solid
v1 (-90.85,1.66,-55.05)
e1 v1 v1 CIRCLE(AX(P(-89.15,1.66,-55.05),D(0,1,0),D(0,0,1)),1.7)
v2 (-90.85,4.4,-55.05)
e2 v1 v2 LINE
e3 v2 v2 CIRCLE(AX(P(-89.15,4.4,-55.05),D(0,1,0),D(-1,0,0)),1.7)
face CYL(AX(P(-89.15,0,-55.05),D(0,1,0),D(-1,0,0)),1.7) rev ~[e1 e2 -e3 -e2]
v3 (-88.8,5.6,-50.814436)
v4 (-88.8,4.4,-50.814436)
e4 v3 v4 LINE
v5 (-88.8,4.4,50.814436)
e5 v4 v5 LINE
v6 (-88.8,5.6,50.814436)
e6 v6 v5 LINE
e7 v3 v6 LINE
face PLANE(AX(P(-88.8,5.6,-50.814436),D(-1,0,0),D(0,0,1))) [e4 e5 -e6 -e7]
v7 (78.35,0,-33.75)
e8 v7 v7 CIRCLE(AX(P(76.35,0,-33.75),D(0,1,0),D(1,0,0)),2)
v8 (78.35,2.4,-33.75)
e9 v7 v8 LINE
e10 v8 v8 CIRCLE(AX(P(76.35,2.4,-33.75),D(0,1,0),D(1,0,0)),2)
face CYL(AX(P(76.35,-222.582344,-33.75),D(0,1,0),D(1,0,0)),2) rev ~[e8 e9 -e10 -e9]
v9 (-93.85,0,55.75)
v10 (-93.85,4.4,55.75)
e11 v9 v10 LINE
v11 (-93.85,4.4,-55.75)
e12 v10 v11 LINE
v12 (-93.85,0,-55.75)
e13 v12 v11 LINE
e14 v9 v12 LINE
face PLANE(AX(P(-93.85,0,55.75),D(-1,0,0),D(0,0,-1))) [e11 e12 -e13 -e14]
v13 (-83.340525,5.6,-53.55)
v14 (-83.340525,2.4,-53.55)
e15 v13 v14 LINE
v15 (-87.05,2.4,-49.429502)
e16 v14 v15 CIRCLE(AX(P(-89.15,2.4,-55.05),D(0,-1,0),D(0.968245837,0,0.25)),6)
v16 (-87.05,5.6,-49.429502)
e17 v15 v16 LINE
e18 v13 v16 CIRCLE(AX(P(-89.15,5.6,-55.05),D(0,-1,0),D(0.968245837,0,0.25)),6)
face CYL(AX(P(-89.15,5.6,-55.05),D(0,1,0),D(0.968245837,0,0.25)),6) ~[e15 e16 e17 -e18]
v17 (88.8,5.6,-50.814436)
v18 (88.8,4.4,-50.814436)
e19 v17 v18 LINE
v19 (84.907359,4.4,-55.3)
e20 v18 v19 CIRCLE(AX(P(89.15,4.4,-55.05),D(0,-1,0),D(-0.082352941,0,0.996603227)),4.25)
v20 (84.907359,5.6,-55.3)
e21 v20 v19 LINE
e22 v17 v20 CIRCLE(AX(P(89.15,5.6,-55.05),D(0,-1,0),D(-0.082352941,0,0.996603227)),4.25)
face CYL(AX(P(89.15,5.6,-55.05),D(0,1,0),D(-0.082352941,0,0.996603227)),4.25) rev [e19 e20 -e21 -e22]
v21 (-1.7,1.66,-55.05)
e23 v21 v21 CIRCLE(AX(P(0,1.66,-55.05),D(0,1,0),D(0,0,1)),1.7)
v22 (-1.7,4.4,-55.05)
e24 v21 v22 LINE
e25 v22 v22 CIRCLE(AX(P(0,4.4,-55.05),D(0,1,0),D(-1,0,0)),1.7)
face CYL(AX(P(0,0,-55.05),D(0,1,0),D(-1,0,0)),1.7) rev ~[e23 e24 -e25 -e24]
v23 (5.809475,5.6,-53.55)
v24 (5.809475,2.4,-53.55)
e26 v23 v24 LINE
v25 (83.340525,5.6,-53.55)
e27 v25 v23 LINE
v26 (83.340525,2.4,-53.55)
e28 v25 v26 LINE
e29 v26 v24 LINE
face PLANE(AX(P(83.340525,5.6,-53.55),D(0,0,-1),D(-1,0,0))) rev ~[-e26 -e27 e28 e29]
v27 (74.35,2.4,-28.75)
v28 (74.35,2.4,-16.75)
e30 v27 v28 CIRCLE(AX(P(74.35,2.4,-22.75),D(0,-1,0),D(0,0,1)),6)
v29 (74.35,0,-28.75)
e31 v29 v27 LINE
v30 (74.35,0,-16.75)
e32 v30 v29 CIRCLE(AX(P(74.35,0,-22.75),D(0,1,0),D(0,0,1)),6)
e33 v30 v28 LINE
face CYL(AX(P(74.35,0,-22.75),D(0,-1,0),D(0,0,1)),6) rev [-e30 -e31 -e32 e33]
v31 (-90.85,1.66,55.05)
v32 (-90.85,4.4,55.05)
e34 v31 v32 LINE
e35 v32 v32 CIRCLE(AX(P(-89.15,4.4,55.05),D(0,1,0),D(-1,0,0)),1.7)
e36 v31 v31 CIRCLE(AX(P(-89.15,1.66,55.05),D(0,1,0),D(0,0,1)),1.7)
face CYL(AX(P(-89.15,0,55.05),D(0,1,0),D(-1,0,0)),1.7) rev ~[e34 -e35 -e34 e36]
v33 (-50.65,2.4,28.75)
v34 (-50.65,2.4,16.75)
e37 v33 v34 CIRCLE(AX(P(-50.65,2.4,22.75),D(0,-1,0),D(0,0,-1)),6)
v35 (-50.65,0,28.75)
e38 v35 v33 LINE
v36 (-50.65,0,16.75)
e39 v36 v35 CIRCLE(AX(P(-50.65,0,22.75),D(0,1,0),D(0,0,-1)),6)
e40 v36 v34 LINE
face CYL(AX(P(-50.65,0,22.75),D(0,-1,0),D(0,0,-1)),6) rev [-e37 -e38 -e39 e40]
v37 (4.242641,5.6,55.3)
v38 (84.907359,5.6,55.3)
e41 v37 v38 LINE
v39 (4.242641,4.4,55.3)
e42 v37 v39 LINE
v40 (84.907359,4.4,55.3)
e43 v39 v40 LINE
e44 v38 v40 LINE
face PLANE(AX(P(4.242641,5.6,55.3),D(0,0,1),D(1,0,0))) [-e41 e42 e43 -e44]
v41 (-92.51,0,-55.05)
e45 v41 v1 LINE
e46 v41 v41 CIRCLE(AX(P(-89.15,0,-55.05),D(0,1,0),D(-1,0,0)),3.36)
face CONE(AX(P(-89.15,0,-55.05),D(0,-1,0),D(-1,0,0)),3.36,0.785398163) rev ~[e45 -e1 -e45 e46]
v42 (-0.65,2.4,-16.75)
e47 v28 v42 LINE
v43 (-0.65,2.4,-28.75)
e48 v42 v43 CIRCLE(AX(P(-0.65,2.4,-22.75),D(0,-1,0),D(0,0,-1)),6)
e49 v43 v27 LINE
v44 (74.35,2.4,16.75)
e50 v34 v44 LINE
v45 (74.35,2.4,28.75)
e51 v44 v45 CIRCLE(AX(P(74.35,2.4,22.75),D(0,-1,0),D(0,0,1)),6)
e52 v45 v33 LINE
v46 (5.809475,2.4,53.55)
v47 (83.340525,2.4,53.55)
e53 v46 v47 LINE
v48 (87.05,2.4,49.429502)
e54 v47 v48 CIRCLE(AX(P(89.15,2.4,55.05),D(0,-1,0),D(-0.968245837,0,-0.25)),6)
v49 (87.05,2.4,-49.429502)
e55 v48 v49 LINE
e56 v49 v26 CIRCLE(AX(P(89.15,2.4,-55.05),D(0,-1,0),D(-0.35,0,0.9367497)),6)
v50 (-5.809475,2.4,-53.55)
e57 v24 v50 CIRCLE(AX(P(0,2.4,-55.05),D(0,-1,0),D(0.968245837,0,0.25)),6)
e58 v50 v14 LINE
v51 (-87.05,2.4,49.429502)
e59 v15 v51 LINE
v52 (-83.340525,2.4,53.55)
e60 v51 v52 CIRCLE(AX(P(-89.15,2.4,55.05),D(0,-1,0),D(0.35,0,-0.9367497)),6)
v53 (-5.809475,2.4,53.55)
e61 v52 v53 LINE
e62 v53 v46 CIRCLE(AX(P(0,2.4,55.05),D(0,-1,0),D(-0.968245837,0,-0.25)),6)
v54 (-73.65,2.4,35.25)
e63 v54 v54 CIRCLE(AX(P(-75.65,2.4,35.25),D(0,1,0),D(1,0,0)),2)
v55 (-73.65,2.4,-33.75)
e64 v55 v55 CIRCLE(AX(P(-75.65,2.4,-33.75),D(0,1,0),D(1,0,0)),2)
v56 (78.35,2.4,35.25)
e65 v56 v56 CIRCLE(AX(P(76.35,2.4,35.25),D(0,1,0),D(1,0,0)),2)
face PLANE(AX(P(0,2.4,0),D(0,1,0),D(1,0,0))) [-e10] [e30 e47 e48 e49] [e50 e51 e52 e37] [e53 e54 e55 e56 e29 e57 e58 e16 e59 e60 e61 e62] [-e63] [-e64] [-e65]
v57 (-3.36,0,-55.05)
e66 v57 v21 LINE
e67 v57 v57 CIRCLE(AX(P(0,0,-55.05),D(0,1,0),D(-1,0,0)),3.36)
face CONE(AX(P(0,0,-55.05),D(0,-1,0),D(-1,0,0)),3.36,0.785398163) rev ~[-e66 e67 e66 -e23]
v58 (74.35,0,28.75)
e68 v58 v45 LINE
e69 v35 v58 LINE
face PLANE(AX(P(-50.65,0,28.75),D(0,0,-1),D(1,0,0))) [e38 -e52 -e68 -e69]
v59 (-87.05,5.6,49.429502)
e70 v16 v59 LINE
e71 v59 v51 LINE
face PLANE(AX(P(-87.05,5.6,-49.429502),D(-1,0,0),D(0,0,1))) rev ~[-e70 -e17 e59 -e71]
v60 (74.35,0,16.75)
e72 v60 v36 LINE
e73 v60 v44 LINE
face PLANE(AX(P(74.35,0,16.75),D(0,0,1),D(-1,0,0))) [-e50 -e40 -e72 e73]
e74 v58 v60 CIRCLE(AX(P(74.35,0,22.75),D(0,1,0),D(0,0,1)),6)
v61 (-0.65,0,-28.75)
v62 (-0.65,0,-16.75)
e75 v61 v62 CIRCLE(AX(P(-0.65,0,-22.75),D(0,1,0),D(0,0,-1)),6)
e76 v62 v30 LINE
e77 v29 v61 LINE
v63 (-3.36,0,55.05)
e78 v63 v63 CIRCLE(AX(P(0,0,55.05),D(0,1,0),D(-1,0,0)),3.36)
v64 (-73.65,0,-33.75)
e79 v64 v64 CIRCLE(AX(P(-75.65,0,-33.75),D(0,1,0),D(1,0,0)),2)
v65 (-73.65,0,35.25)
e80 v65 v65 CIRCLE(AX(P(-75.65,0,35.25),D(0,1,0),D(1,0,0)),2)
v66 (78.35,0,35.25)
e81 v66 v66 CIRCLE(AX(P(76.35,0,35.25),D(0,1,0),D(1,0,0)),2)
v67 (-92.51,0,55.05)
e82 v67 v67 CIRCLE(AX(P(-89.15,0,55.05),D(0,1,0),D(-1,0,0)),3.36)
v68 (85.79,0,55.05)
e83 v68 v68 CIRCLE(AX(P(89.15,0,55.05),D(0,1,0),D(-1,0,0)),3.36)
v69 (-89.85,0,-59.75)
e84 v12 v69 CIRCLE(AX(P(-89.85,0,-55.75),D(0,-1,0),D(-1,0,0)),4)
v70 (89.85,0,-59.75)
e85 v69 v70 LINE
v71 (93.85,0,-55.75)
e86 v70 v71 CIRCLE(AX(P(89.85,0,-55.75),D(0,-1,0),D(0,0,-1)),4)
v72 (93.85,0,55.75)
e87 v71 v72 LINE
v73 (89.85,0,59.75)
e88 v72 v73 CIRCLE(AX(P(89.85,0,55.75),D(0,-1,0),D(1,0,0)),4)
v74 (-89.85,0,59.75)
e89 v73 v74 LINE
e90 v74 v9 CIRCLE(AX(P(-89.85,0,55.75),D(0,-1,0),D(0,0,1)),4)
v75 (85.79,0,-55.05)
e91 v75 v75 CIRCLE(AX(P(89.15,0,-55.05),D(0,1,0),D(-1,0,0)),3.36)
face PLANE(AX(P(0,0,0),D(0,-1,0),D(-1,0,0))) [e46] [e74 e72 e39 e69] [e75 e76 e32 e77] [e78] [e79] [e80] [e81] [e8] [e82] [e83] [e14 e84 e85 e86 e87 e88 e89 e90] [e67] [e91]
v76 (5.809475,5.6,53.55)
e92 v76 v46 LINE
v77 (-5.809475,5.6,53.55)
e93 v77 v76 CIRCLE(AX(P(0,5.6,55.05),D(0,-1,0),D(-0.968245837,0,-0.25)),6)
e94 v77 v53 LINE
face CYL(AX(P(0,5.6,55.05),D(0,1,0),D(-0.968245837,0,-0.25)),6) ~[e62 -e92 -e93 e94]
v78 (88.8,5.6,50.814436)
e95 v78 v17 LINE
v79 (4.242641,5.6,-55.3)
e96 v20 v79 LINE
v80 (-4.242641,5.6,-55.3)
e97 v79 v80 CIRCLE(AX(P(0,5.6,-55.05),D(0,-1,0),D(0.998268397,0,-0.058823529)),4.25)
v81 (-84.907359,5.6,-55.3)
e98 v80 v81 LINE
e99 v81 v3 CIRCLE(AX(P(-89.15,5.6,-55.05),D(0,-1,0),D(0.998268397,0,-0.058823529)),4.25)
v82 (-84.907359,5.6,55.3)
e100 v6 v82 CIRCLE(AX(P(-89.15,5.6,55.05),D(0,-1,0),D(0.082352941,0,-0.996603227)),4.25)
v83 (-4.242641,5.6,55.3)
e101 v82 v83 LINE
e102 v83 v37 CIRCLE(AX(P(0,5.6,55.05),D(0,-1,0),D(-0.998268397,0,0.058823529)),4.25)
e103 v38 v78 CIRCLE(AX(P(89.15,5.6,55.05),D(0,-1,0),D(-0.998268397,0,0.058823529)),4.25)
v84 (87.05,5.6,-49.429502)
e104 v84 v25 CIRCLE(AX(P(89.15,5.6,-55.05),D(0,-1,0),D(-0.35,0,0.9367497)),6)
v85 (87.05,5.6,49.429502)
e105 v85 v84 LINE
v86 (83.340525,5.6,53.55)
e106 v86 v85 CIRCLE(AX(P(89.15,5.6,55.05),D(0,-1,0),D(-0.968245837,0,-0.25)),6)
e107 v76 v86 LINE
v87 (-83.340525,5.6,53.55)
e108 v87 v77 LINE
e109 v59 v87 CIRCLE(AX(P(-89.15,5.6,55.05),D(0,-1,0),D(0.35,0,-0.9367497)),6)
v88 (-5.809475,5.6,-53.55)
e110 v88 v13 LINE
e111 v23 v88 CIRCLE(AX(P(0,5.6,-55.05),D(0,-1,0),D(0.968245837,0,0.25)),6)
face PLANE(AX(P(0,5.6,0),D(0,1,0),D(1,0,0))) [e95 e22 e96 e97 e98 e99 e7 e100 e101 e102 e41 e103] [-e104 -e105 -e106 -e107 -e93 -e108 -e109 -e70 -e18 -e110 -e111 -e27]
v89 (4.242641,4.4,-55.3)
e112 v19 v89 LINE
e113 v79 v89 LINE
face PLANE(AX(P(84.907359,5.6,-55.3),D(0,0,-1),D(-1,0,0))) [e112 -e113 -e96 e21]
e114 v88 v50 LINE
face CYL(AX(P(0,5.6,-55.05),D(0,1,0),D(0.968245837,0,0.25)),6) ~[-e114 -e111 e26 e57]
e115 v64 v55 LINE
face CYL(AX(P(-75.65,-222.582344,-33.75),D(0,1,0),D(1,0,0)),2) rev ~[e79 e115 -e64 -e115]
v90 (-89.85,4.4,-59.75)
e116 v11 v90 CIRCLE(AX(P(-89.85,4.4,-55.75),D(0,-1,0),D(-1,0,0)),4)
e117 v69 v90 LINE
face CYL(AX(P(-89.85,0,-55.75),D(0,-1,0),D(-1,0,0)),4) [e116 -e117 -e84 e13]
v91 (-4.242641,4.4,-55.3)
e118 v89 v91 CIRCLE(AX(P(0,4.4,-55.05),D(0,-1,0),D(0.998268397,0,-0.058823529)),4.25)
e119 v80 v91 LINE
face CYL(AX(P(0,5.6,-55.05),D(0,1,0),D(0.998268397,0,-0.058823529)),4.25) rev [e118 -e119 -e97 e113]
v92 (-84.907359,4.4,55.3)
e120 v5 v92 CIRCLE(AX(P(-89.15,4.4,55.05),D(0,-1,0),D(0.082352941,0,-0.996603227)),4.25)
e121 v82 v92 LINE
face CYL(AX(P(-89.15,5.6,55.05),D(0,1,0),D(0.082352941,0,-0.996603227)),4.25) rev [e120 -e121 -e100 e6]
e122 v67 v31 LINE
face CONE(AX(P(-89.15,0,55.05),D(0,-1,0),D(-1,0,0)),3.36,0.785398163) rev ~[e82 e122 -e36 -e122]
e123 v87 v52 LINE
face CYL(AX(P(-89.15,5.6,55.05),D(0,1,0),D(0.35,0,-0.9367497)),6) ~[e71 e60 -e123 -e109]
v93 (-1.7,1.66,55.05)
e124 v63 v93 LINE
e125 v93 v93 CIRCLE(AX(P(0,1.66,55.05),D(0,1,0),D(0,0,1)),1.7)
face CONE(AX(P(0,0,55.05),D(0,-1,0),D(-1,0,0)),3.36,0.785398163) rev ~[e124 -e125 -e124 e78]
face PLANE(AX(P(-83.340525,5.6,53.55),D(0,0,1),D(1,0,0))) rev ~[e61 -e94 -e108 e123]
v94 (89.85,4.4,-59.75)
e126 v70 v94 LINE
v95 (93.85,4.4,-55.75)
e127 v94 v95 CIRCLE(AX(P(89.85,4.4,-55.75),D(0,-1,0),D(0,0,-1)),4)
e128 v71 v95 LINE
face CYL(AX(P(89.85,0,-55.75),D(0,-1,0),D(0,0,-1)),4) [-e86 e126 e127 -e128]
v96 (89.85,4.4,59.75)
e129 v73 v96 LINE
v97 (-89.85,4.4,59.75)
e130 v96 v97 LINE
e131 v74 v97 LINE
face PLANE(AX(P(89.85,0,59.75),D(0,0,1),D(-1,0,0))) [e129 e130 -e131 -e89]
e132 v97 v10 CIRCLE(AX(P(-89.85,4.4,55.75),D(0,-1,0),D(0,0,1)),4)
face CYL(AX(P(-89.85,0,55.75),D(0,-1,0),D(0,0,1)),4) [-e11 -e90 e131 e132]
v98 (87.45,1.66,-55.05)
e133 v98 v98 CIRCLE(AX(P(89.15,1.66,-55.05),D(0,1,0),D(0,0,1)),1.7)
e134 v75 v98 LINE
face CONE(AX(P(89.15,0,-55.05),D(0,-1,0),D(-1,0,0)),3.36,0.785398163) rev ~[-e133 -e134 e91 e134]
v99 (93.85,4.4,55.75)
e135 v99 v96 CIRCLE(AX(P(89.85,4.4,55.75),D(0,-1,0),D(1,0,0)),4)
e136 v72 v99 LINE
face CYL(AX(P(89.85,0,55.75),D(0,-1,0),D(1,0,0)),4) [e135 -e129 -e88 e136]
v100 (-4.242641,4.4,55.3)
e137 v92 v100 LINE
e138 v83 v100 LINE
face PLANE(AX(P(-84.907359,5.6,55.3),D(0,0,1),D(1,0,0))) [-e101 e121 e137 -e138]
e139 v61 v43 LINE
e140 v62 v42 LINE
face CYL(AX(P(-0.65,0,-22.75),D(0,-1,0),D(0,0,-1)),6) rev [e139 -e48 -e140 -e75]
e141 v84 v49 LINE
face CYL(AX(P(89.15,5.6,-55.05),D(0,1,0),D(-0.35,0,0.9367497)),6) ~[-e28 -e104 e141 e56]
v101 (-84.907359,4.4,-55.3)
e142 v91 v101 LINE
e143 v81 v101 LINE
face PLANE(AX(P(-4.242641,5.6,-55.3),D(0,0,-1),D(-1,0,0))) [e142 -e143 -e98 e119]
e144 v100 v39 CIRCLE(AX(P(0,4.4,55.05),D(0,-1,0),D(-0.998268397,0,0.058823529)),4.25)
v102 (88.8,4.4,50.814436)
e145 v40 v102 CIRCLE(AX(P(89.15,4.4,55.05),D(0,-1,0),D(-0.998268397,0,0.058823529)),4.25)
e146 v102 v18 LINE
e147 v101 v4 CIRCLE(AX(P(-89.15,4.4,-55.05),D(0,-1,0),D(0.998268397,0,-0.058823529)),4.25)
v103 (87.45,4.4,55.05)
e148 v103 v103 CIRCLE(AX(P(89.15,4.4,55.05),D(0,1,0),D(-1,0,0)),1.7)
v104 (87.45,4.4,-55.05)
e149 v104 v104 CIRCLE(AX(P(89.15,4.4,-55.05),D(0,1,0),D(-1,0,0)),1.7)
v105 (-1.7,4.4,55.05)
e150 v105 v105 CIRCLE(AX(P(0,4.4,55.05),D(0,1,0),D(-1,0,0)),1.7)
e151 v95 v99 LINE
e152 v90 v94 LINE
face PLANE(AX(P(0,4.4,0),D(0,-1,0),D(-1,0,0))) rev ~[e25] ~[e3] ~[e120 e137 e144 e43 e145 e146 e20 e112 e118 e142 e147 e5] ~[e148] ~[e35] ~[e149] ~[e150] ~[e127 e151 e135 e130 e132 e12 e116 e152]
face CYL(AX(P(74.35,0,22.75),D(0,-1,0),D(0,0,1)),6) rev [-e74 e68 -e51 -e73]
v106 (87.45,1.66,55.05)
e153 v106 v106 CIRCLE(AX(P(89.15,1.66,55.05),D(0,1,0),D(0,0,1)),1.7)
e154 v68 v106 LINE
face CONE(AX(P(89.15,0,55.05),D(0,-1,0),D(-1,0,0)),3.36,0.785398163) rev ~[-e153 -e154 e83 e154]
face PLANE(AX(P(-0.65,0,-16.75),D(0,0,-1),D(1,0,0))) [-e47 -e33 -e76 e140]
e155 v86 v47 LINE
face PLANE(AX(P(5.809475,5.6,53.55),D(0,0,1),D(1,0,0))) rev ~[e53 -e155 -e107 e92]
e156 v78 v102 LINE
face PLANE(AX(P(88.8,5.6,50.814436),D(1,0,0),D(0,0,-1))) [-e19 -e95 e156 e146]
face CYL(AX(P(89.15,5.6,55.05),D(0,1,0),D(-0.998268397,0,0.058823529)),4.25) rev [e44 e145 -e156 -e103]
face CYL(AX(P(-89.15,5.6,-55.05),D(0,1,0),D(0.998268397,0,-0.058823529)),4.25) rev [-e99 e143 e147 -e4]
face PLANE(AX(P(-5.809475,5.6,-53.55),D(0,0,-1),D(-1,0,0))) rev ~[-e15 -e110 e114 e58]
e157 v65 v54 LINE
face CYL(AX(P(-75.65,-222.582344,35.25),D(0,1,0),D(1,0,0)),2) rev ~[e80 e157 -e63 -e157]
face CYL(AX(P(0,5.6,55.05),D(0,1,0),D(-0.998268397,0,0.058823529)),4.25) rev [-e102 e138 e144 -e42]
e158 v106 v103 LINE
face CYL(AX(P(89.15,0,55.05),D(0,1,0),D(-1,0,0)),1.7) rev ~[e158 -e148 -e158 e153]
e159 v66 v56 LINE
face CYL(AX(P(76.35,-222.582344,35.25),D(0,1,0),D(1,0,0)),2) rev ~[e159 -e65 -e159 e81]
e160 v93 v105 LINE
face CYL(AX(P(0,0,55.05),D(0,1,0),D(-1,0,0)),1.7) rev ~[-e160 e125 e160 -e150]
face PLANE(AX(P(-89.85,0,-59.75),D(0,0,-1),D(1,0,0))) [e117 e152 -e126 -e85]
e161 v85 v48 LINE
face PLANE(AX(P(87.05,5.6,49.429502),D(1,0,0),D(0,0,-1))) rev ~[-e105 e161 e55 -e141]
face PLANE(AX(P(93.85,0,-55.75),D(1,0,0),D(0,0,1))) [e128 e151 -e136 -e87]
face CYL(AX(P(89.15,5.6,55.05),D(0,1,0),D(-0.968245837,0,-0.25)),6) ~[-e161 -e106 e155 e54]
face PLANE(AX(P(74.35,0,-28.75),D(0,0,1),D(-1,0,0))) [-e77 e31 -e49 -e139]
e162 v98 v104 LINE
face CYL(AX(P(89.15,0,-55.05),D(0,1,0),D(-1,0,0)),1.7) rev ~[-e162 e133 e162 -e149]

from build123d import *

# Parameters (mm, degrees)
BOSS_EXTRUDE1_DEPTH           = 4.4
CUT_EXTRUDE1_DEPTH            = 2
BOSS_EXTRUDE3_START           = 1.2
BOSS_EXTRUDE3_DEPTH           = 1.2
CSK_FOR_M3_SFHCS1_D           = 3.4
CSK_FOR_M3_SFHCS1_CSINK_D     = 6.72
CSK_FOR_M3_SFHCS1_CSINK_ANGLE = 90
CUT_EXTRUDE2_DEPTH            = 112.396790798
F_4_0_4_DIAMETER_HOLE1_D      = 4


with BuildPart() as part:
    # Sketch1 → Boss-Extrude1 (new body)
    with BuildSketch(Plane(origin=(0, 0, 0), x_dir=(1, 0, 0), z_dir=(0, 1, 0))):
        with BuildLine():
            Line((-89.85, 59.75), (89.85, 59.75))
            ThreePointArc((89.85, 59.75), (92.678427125, 58.578427125), (93.85, 55.75))
            Line((93.85, 55.75), (93.85, -55.75))
            ThreePointArc((93.85, -55.75), (92.678427125, -58.578427125), (89.85, -59.75))
            Line((89.85, -59.75), (-89.85, -59.75))
            ThreePointArc((-89.85, -59.75), (-92.678427125, -58.578427125), (-93.85, -55.75))
            Line((-93.85, -55.75), (-93.85, 55.75))
            ThreePointArc((-93.85, 55.75), (-92.678427125, 58.578427125), (-89.85, 59.75))
        make_face()
    extrude(amount=BOSS_EXTRUDE1_DEPTH)

    # Sketch2 → Cut-Extrude1 (cut)
    with BuildSketch(Plane(origin=(0, 4.4, 0), x_dir=(1, 0, 0), z_dir=(0, 1, 0))):
        with BuildLine():
            Line((-83.340524981, -53.55), (-5.809475019, -53.55))
            ThreePointArc((-5.809475019, -53.55), (0, -49.05), (5.809475019, -53.55))
            Line((5.809475019, -53.55), (83.340524981, -53.55))
            ThreePointArc((83.340524981, -53.55), (84.690787612, -51.035597818), (87.05, -49.429501801))
            Line((87.05, -49.429501801), (87.05, 49.429501801))
            ThreePointArc((87.05, 49.429501801), (84.690787612, 51.035597818), (83.340524981, 53.55))
            Line((83.340524981, 53.55), (5.809475019, 53.55))
            ThreePointArc((5.809475019, 53.55), (0, 49.05), (-5.809475019, 53.55))
            Line((-5.809475019, 53.55), (-83.340524981, 53.55))
            ThreePointArc((-83.340524981, 53.55), (-84.690787612, 51.035597818), (-87.05, 49.429501801))
            Line((-87.05, 49.429501801), (-87.05, -49.429501801))
            ThreePointArc((-87.05, -49.429501801), (-84.690787612, -51.035597818), (-83.340524981, -53.55))
        make_face()
    extrude(amount=-CUT_EXTRUDE1_DEPTH, mode=Mode.SUBTRACT)

    # Sketch3 → Boss-Extrude3 (add)
    with BuildSketch(Plane(origin=(0, 4.4, 0), x_dir=(1, 0, 0), z_dir=(0, 1, 0)).offset(BOSS_EXTRUDE3_START)):
        with BuildLine():
            Line((-88.8, 50.814436283), (-88.8, -50.814436283))
            ThreePointArc((-88.8, -50.814436283), (-85.940146797, -52.264440377), (-84.907359313, -55.3))
            Line((-84.907359313, -55.3), (-4.242640687, -55.3))
            ThreePointArc((-4.242640687, -55.3), (0, -50.8), (4.242640687, -55.3))
            Line((4.242640687, -55.3), (84.907359313, -55.3))
            ThreePointArc((84.907359313, -55.3), (85.940146797, -52.264440377), (88.8, -50.814436283))
            Line((88.8, -50.814436283), (88.8, 50.814436283))
            ThreePointArc((88.8, 50.814436283), (85.940146797, 52.264440377), (84.907359313, 55.3))
            Line((84.907359313, 55.3), (4.242640687, 55.3))
            ThreePointArc((4.242640687, 55.3), (0, 50.8), (-4.242640687, 55.3))
            Line((-4.242640687, 55.3), (-84.907359313, 55.3))
            ThreePointArc((-84.907359313, 55.3), (-85.940146797, 52.264440377), (-88.8, 50.814436283))
        make_face()
        with BuildLine():
            Line((-87.05, 49.429501801), (-87.05, -49.429501801))
            ThreePointArc((-87.05, -49.429501801), (-84.690787612, -51.035597818), (-83.340524981, -53.55))
            Line((-83.340524981, -53.55), (-5.809475019, -53.55))
            ThreePointArc((-5.809475019, -53.55), (0, -49.05), (5.809475019, -53.55))
            Line((5.809475019, -53.55), (83.340524981, -53.55))
            ThreePointArc((83.340524981, -53.55), (84.690787612, -51.035597818), (87.05, -49.429501801))
            Line((87.05, -49.429501801), (87.05, 49.429501801))
            ThreePointArc((87.05, 49.429501801), (84.690787612, 51.035597818), (83.340524981, 53.55))
            Line((83.340524981, 53.55), (5.809475019, 53.55))
            ThreePointArc((5.809475019, 53.55), (0, 49.05), (-5.809475019, 53.55))
            Line((-5.809475019, 53.55), (-83.340524981, 53.55))
            ThreePointArc((-83.340524981, 53.55), (-84.690787612, 51.035597818), (-87.05, 49.429501801))
        make_face(mode=Mode.SUBTRACT)
    extrude(amount=-BOSS_EXTRUDE3_DEPTH)

    # CSK for M3 SFHCS1 (through all)
    with Locations(Plane(origin=(-54.95207322, 0, 58.575897403), x_dir=(1, 0, 0), z_dir=(0, -1, 0))):
        with Locations((-34.19792678, -113.625897403), (-34.19792678, -3.525897403), (144.10207322, -3.525897403), (144.10207322, -113.625897403), (54.95207322, -3.525897403), (54.95207322, -113.625897403)):
            CounterSinkHole(CSK_FOR_M3_SFHCS1_D / 2, CSK_FOR_M3_SFHCS1_CSINK_D / 2, counter_sink_angle=CSK_FOR_M3_SFHCS1_CSINK_ANGLE)

    # Sketch8 → Cut-Extrude2 (cut, through all)
    with BuildSketch(Plane.XZ):
        with BuildLine():
            Line((-0.65, -16.75), (74.35, -16.75))
            ThreePointArc((74.35, -16.75), (80.35, -22.75), (74.35, -28.75))
            Line((74.35, -28.75), (-0.65, -28.75))
            ThreePointArc((-0.65, -28.75), (-6.65, -22.75), (-0.65, -16.75))
        make_face()
        with BuildLine():
            Line((-50.65, 28.75), (74.35, 28.75))
            ThreePointArc((74.35, 28.75), (80.35, 22.75), (74.35, 16.75))
            Line((74.35, 16.75), (-50.65, 16.75))
            ThreePointArc((-50.65, 16.75), (-56.65, 22.75), (-50.65, 28.75))
        make_face()
    extrude(amount=-CUT_EXTRUDE2_DEPTH, mode=Mode.SUBTRACT)

    # Ø4.0 (4) Diameter Hole1 (through all)
    with Locations(Plane(origin=(0, 0, 0), x_dir=(-1, 0, 0), z_dir=(0, -1, 0))):
        with Locations((75.65, -35.25), (75.65, 33.75), (-76.35, 33.75), (-76.35, -35.25)):
            Hole(F_4_0_4_DIAMETER_HOLE1_D / 2)


solid = part.part
